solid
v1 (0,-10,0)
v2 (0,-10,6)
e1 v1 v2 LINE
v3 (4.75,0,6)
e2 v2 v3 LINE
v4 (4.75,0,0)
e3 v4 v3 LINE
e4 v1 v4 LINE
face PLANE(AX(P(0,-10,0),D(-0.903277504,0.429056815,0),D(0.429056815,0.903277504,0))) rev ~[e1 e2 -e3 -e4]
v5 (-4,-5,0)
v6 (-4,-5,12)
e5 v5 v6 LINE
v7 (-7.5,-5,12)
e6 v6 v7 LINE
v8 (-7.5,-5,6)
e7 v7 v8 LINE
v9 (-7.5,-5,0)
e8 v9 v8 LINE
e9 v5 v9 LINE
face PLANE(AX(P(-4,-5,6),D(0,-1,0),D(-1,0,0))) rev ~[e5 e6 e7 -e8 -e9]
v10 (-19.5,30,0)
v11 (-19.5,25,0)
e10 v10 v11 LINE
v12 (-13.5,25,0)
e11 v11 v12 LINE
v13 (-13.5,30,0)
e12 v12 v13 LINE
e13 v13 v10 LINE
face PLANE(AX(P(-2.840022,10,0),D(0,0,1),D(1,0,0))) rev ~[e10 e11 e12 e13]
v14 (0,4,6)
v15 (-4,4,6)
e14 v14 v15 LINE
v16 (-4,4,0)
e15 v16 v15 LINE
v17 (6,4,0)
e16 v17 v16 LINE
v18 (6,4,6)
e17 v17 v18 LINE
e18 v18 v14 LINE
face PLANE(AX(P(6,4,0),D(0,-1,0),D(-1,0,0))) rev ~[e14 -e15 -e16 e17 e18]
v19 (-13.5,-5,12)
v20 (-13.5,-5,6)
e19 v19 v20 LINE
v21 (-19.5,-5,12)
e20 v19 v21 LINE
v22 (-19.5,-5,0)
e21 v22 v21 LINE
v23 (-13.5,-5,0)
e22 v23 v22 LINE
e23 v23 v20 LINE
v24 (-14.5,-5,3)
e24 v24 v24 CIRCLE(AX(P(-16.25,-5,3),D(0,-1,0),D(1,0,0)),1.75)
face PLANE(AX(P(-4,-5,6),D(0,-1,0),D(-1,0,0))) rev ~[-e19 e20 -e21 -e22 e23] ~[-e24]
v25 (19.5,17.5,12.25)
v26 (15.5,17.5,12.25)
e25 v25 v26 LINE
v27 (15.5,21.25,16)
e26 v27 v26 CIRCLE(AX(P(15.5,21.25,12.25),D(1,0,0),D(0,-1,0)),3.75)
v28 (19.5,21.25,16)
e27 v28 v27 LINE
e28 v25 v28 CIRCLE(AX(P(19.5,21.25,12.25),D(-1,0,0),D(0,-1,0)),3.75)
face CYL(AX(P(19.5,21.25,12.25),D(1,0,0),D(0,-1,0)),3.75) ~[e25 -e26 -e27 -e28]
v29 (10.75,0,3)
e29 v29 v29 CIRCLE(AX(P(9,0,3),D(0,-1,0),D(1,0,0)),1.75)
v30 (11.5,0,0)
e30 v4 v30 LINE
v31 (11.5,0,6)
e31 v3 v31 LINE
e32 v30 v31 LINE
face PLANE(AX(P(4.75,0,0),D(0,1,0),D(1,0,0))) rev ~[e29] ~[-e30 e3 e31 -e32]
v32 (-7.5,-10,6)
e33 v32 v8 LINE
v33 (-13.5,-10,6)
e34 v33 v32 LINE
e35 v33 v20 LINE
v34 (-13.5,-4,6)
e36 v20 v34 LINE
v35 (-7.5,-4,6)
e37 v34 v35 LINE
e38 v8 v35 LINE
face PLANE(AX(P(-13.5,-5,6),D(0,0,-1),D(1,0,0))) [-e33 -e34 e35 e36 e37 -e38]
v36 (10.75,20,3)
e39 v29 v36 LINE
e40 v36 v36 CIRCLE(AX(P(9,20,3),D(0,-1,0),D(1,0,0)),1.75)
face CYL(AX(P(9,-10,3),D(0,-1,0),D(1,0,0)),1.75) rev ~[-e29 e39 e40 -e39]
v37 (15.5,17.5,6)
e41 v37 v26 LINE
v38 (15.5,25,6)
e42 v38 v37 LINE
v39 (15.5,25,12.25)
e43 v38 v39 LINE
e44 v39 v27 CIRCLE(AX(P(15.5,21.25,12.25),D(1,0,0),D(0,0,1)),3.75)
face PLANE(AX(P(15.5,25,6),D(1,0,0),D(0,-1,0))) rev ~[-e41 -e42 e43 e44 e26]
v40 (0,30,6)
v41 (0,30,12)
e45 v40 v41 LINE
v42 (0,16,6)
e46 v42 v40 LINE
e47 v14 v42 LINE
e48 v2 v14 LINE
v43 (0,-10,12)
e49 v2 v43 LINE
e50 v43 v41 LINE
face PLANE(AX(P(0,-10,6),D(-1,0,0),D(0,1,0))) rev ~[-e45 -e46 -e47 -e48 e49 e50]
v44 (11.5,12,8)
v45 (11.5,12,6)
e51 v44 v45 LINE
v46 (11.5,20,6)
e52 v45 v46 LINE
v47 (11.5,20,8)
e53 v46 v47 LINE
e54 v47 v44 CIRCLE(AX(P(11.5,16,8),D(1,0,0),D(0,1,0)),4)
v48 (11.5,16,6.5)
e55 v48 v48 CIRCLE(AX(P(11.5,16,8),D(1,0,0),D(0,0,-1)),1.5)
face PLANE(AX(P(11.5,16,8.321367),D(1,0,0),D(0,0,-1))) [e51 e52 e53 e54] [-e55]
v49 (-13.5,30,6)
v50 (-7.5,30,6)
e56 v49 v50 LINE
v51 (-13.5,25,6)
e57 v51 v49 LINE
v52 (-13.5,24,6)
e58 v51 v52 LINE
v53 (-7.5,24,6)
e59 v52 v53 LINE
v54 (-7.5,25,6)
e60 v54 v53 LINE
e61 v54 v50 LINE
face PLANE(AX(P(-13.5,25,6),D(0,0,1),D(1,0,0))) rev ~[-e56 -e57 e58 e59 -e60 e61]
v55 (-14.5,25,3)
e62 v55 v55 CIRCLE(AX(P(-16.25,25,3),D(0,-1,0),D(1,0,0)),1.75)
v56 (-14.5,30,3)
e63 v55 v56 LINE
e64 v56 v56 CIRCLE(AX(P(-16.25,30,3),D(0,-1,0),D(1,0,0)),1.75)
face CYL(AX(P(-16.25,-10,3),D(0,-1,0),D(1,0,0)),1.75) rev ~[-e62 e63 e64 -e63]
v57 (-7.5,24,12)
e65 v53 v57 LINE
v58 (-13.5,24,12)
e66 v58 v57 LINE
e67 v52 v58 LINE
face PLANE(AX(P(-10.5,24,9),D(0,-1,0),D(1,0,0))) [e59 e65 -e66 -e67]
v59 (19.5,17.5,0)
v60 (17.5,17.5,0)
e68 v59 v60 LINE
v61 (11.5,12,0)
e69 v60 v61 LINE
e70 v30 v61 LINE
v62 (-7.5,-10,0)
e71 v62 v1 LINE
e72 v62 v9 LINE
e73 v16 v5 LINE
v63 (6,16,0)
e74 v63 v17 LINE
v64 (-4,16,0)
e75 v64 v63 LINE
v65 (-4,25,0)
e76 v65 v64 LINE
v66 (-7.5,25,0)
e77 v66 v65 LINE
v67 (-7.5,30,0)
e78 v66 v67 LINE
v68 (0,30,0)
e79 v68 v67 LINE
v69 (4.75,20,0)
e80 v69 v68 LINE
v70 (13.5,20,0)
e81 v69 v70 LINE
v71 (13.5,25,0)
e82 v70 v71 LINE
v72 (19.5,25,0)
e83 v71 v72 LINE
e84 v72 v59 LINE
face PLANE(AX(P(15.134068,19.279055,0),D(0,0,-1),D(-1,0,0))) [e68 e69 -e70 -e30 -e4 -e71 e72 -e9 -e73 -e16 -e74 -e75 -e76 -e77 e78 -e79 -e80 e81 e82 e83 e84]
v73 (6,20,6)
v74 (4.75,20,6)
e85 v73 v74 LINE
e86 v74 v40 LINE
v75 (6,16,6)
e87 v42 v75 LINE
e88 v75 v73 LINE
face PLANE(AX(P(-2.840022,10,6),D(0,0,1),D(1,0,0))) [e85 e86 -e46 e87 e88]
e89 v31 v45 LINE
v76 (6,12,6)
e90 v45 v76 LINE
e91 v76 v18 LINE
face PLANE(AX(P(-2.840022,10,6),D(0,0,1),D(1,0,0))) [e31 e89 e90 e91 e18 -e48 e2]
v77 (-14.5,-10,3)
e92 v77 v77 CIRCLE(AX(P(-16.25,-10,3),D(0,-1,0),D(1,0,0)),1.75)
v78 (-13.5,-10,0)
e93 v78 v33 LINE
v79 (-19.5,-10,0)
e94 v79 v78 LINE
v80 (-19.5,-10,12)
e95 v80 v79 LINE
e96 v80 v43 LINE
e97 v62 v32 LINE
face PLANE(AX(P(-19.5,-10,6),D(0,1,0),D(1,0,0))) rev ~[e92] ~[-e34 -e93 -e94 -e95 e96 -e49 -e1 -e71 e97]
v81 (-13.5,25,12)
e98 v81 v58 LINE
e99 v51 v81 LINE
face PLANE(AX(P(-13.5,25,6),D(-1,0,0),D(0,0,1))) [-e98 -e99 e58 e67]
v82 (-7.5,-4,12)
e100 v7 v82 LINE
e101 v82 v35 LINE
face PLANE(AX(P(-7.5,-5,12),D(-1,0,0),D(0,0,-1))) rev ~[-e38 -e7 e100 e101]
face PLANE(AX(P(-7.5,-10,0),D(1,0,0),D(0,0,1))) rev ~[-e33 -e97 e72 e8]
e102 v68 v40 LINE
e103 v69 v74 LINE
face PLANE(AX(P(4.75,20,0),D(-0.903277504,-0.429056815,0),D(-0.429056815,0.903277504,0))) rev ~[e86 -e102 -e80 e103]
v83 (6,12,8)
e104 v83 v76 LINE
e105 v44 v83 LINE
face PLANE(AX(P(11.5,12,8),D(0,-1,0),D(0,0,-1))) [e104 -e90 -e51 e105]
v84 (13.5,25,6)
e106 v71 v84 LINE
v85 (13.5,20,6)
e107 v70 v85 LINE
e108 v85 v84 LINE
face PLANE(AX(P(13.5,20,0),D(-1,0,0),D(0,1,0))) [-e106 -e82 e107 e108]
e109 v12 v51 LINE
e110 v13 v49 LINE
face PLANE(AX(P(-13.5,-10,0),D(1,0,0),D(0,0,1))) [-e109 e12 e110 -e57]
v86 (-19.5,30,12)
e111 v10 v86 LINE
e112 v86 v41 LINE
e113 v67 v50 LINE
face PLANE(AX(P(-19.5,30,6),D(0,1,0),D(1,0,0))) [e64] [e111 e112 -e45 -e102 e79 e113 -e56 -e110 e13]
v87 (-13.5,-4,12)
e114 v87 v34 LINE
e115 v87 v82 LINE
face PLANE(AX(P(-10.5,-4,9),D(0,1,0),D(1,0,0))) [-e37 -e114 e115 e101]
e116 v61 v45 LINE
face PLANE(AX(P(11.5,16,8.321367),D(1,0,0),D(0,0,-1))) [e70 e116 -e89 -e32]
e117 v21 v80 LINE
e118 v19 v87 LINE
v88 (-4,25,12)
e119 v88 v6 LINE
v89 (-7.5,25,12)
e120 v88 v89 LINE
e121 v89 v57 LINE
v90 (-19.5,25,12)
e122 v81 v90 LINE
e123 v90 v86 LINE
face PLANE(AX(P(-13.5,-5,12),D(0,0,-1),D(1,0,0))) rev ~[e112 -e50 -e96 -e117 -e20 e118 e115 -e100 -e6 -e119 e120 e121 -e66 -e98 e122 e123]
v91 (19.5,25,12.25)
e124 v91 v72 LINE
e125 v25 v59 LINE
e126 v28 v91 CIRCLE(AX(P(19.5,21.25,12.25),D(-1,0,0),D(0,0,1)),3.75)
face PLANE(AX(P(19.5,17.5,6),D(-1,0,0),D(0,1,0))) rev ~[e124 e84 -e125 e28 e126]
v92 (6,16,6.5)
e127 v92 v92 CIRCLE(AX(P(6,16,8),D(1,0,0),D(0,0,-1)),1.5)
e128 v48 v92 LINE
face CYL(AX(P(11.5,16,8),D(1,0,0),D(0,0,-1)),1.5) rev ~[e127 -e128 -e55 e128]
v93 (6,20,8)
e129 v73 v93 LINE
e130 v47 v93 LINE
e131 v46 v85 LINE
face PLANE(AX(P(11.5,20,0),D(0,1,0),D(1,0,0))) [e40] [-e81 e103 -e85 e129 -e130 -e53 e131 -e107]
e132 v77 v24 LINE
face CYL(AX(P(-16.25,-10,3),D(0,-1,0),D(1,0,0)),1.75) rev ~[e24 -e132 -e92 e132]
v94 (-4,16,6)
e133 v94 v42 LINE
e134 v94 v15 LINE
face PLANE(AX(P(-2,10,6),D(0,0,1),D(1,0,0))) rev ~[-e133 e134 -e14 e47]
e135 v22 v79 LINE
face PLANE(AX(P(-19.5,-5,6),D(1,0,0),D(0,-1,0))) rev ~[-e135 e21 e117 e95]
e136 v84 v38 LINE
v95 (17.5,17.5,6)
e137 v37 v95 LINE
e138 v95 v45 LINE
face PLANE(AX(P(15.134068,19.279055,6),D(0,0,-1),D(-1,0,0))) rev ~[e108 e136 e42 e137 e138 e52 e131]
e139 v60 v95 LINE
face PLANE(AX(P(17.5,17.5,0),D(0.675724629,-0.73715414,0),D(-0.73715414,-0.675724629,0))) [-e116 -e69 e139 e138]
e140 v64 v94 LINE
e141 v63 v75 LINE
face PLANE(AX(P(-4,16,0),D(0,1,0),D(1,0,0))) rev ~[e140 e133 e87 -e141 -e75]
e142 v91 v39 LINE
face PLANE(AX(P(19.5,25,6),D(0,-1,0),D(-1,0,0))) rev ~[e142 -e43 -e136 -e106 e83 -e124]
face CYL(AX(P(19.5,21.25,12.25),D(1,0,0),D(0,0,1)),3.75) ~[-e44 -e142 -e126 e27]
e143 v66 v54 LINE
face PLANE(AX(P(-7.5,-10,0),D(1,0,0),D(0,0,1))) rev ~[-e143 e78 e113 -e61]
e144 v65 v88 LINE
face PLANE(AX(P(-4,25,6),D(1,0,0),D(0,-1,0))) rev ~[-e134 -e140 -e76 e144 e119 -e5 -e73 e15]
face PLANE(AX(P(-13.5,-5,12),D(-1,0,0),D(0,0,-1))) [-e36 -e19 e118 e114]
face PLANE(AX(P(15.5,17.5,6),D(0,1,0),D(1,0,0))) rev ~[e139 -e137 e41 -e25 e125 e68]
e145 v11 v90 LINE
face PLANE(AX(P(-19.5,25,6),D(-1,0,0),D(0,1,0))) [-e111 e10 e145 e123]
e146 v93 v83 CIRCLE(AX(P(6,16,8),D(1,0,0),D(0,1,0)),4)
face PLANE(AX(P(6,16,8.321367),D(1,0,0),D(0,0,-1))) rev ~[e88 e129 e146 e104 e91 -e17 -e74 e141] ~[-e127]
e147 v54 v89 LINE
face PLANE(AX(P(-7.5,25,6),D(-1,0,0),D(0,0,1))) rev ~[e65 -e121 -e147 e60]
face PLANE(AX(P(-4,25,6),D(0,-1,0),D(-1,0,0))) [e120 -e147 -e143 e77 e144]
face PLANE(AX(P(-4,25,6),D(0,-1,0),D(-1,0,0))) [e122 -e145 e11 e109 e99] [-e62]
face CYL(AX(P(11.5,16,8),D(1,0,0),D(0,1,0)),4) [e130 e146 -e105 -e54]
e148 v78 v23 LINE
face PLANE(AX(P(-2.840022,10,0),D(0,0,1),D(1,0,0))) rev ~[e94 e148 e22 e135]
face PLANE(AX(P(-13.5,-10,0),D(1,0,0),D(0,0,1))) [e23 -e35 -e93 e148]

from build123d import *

# Parameters (mm, degrees)
BOSS_EXTRUDE1_DEPTH  = 6
SKETCH2_R            = 1.75
CUT_EXTRUDE1_DEPTH   = 41
SKETCH3_R            = 1.5
BOSS_EXTRUDE7_DEPTH  = 5.5
SKETCH4_W            = 4
SKETCH4_H            = 12
BOSS_EXTRUDE8_DEPTH  = 6
SKETCH7_W            = 6
SKETCH7_H            = 6
CUT_EXTRUDE2_DEPTH   = 40
BOSS_EXTRUDE9_DEPTH  = 6
BOSS_EXTRUDE10_DEPTH = 10
CUT_EXTRUDE3_REACH   = 41
SKETCH12_W           = 6
SKETCH12_H           = 6
BOSS_EXTRUDE11_DEPTH = 1
SKETCH13_W           = 6
SKETCH13_H           = 6
BOSS_EXTRUDE12_DEPTH = 1


with BuildPart() as part:
    # Sketch1 → Boss-Extrude1 (new body)
    with BuildSketch(Plane.XY):
        Polygon((6, 4), (-4, 4), (-4, -5), (-19.5, -5), (-19.5, -10), (0, -10), (4.75, 0), (11.5, 0), (11.5, 20), (4.75, 20), (0, 30), (-19.5, 30), (-19.5, 25), (-4, 25), (-4, 16), (6, 16), align=None)
    extrude(amount=BOSS_EXTRUDE1_DEPTH)

    # Sketch2 → Cut-Extrude1 (cut, through all)
    with BuildSketch(Plane.XZ.offset(10)):
        with Locations((9, 3)):
            Circle(SKETCH2_R)
        with Locations((-16.25, 3)):
            Circle(SKETCH2_R)
    extrude(amount=-CUT_EXTRUDE1_DEPTH, mode=Mode.SUBTRACT)

    # Sketch3 → Boss-Extrude7 (add)
    with BuildSketch(Plane(origin=(11.5, 0, 0), x_dir=(0, 0, -1), z_dir=(1, 0, 0))):
        with BuildLine():
            Line((-8, 12), (-6, 12))
            Line((-6, 12), (-6, 20))
            Line((-6, 20), (-8, 20))
            ThreePointArc((-8, 20), (-12, 16), (-8, 12))
        make_face()
        with Locations((-8, 16)):
            Circle(SKETCH3_R, mode=Mode.SUBTRACT)
    extrude(amount=-BOSS_EXTRUDE7_DEPTH)

    # Sketch4 → Boss-Extrude8 (add)
    with BuildSketch(Plane.XY.offset(6)):
        with Locations((-2, 10)):
            Rectangle(SKETCH4_W, SKETCH4_H)
        Polygon((-4, 16), (-4, 25), (-19.5, 25), (-19.5, 30), (0, 30), (0, 24), (0, 16), align=None)
        Polygon((-19.5, -5), (-19.5, -10), (0, -10), (0, 4), (-4, 4), (-4, -5), align=None)
    extrude(amount=BOSS_EXTRUDE8_DEPTH)

    # Sketch7 → Cut-Extrude2 (cut)
    with BuildSketch(Plane.XZ.offset(10)):
        with Locations((-10.5, 3)):
            Rectangle(SKETCH7_W, SKETCH7_H)
    extrude(amount=-CUT_EXTRUDE2_DEPTH, mode=Mode.SUBTRACT)

    # Sketch9 → Boss-Extrude9 (add)
    with BuildSketch(Plane(origin=(0, 0, 0), x_dir=(-1, 0, 0), z_dir=(0, 0, -1))):
        Polygon((-17.5, 17.5), (-11.5, 12), (-11.5, 20), (-13.5, 20), (-13.5, 25), (-19.5, 25), (-19.5, 20), (-19.5, 17.5), align=None)
    extrude(amount=-BOSS_EXTRUDE9_DEPTH)

    # Sketch10 → Boss-Extrude10 (add)
    with BuildSketch(Plane.XY.offset(6)):
        Polygon((19.5, 25), (15.5, 25), (15.5, 17.5), (17, 17.5), (17.5, 17.5), (19.5, 17.5), align=None)
    extrude(amount=BOSS_EXTRUDE10_DEPTH)

    # Sketch11 → Cut-Extrude3 (cut, up to next)
    with BuildSketch(Plane(origin=(19.5, 0, 0), x_dir=(0, 0, -1), z_dir=(1, 0, 0)), mode=Mode.PRIVATE) as cut_extrude3_sk1:
        with BuildLine():
            Line((-12.25, 25), (-16, 25))
            Line((-16, 25), (-16, 21.25))
            ThreePointArc((-16, 21.25), (-14.901650429, 23.901650429), (-12.25, 25))
        make_face()
    cut_extrude3_tool1 = extrude(cut_extrude3_sk1.sketch, amount=-CUT_EXTRUDE3_REACH, mode=Mode.PRIVATE) & part.part
    add(cut_extrude3_tool1.solids().sort_by_distance((19.5, 24.16237, 15.16237))[0], mode=Mode.SUBTRACT)
    # Sketch11 → Cut-Extrude3 (cut, up to next)
    with BuildSketch(Plane(origin=(19.5, 0, 0), x_dir=(0, 0, -1), z_dir=(1, 0, 0)), mode=Mode.PRIVATE) as cut_extrude3_sk2:
        with BuildLine():
            ThreePointArc((-12.25, 17.5), (-14.901650429, 18.598349571), (-16, 21.25))
            Line((-16, 21.25), (-16, 17.5))
            Line((-16, 17.5), (-12.25, 17.5))
        make_face()
    cut_extrude3_tool2 = extrude(cut_extrude3_sk2.sketch, amount=-CUT_EXTRUDE3_REACH, mode=Mode.PRIVATE) & part.part
    add(cut_extrude3_tool2.solids().sort_by_distance((19.5, 18.33763, 15.16237))[0], mode=Mode.SUBTRACT)

    # Sketch12 → Boss-Extrude11 (add)
    with BuildSketch(Plane.XZ.offset(-25)):
        with Locations((-10.5, 9)):
            Rectangle(SKETCH12_W, SKETCH12_H)
    extrude(amount=BOSS_EXTRUDE11_DEPTH)

    # Sketch13 → Boss-Extrude12 (add)
    with BuildSketch(Plane(origin=(0, -5, 0), x_dir=(1, 0, 0), z_dir=(0, 1, 0))):
        with Locations((-10.5, -9)):
            Rectangle(SKETCH13_W, SKETCH13_H)
    extrude(amount=BOSS_EXTRUDE12_DEPTH)


solid = part.part
